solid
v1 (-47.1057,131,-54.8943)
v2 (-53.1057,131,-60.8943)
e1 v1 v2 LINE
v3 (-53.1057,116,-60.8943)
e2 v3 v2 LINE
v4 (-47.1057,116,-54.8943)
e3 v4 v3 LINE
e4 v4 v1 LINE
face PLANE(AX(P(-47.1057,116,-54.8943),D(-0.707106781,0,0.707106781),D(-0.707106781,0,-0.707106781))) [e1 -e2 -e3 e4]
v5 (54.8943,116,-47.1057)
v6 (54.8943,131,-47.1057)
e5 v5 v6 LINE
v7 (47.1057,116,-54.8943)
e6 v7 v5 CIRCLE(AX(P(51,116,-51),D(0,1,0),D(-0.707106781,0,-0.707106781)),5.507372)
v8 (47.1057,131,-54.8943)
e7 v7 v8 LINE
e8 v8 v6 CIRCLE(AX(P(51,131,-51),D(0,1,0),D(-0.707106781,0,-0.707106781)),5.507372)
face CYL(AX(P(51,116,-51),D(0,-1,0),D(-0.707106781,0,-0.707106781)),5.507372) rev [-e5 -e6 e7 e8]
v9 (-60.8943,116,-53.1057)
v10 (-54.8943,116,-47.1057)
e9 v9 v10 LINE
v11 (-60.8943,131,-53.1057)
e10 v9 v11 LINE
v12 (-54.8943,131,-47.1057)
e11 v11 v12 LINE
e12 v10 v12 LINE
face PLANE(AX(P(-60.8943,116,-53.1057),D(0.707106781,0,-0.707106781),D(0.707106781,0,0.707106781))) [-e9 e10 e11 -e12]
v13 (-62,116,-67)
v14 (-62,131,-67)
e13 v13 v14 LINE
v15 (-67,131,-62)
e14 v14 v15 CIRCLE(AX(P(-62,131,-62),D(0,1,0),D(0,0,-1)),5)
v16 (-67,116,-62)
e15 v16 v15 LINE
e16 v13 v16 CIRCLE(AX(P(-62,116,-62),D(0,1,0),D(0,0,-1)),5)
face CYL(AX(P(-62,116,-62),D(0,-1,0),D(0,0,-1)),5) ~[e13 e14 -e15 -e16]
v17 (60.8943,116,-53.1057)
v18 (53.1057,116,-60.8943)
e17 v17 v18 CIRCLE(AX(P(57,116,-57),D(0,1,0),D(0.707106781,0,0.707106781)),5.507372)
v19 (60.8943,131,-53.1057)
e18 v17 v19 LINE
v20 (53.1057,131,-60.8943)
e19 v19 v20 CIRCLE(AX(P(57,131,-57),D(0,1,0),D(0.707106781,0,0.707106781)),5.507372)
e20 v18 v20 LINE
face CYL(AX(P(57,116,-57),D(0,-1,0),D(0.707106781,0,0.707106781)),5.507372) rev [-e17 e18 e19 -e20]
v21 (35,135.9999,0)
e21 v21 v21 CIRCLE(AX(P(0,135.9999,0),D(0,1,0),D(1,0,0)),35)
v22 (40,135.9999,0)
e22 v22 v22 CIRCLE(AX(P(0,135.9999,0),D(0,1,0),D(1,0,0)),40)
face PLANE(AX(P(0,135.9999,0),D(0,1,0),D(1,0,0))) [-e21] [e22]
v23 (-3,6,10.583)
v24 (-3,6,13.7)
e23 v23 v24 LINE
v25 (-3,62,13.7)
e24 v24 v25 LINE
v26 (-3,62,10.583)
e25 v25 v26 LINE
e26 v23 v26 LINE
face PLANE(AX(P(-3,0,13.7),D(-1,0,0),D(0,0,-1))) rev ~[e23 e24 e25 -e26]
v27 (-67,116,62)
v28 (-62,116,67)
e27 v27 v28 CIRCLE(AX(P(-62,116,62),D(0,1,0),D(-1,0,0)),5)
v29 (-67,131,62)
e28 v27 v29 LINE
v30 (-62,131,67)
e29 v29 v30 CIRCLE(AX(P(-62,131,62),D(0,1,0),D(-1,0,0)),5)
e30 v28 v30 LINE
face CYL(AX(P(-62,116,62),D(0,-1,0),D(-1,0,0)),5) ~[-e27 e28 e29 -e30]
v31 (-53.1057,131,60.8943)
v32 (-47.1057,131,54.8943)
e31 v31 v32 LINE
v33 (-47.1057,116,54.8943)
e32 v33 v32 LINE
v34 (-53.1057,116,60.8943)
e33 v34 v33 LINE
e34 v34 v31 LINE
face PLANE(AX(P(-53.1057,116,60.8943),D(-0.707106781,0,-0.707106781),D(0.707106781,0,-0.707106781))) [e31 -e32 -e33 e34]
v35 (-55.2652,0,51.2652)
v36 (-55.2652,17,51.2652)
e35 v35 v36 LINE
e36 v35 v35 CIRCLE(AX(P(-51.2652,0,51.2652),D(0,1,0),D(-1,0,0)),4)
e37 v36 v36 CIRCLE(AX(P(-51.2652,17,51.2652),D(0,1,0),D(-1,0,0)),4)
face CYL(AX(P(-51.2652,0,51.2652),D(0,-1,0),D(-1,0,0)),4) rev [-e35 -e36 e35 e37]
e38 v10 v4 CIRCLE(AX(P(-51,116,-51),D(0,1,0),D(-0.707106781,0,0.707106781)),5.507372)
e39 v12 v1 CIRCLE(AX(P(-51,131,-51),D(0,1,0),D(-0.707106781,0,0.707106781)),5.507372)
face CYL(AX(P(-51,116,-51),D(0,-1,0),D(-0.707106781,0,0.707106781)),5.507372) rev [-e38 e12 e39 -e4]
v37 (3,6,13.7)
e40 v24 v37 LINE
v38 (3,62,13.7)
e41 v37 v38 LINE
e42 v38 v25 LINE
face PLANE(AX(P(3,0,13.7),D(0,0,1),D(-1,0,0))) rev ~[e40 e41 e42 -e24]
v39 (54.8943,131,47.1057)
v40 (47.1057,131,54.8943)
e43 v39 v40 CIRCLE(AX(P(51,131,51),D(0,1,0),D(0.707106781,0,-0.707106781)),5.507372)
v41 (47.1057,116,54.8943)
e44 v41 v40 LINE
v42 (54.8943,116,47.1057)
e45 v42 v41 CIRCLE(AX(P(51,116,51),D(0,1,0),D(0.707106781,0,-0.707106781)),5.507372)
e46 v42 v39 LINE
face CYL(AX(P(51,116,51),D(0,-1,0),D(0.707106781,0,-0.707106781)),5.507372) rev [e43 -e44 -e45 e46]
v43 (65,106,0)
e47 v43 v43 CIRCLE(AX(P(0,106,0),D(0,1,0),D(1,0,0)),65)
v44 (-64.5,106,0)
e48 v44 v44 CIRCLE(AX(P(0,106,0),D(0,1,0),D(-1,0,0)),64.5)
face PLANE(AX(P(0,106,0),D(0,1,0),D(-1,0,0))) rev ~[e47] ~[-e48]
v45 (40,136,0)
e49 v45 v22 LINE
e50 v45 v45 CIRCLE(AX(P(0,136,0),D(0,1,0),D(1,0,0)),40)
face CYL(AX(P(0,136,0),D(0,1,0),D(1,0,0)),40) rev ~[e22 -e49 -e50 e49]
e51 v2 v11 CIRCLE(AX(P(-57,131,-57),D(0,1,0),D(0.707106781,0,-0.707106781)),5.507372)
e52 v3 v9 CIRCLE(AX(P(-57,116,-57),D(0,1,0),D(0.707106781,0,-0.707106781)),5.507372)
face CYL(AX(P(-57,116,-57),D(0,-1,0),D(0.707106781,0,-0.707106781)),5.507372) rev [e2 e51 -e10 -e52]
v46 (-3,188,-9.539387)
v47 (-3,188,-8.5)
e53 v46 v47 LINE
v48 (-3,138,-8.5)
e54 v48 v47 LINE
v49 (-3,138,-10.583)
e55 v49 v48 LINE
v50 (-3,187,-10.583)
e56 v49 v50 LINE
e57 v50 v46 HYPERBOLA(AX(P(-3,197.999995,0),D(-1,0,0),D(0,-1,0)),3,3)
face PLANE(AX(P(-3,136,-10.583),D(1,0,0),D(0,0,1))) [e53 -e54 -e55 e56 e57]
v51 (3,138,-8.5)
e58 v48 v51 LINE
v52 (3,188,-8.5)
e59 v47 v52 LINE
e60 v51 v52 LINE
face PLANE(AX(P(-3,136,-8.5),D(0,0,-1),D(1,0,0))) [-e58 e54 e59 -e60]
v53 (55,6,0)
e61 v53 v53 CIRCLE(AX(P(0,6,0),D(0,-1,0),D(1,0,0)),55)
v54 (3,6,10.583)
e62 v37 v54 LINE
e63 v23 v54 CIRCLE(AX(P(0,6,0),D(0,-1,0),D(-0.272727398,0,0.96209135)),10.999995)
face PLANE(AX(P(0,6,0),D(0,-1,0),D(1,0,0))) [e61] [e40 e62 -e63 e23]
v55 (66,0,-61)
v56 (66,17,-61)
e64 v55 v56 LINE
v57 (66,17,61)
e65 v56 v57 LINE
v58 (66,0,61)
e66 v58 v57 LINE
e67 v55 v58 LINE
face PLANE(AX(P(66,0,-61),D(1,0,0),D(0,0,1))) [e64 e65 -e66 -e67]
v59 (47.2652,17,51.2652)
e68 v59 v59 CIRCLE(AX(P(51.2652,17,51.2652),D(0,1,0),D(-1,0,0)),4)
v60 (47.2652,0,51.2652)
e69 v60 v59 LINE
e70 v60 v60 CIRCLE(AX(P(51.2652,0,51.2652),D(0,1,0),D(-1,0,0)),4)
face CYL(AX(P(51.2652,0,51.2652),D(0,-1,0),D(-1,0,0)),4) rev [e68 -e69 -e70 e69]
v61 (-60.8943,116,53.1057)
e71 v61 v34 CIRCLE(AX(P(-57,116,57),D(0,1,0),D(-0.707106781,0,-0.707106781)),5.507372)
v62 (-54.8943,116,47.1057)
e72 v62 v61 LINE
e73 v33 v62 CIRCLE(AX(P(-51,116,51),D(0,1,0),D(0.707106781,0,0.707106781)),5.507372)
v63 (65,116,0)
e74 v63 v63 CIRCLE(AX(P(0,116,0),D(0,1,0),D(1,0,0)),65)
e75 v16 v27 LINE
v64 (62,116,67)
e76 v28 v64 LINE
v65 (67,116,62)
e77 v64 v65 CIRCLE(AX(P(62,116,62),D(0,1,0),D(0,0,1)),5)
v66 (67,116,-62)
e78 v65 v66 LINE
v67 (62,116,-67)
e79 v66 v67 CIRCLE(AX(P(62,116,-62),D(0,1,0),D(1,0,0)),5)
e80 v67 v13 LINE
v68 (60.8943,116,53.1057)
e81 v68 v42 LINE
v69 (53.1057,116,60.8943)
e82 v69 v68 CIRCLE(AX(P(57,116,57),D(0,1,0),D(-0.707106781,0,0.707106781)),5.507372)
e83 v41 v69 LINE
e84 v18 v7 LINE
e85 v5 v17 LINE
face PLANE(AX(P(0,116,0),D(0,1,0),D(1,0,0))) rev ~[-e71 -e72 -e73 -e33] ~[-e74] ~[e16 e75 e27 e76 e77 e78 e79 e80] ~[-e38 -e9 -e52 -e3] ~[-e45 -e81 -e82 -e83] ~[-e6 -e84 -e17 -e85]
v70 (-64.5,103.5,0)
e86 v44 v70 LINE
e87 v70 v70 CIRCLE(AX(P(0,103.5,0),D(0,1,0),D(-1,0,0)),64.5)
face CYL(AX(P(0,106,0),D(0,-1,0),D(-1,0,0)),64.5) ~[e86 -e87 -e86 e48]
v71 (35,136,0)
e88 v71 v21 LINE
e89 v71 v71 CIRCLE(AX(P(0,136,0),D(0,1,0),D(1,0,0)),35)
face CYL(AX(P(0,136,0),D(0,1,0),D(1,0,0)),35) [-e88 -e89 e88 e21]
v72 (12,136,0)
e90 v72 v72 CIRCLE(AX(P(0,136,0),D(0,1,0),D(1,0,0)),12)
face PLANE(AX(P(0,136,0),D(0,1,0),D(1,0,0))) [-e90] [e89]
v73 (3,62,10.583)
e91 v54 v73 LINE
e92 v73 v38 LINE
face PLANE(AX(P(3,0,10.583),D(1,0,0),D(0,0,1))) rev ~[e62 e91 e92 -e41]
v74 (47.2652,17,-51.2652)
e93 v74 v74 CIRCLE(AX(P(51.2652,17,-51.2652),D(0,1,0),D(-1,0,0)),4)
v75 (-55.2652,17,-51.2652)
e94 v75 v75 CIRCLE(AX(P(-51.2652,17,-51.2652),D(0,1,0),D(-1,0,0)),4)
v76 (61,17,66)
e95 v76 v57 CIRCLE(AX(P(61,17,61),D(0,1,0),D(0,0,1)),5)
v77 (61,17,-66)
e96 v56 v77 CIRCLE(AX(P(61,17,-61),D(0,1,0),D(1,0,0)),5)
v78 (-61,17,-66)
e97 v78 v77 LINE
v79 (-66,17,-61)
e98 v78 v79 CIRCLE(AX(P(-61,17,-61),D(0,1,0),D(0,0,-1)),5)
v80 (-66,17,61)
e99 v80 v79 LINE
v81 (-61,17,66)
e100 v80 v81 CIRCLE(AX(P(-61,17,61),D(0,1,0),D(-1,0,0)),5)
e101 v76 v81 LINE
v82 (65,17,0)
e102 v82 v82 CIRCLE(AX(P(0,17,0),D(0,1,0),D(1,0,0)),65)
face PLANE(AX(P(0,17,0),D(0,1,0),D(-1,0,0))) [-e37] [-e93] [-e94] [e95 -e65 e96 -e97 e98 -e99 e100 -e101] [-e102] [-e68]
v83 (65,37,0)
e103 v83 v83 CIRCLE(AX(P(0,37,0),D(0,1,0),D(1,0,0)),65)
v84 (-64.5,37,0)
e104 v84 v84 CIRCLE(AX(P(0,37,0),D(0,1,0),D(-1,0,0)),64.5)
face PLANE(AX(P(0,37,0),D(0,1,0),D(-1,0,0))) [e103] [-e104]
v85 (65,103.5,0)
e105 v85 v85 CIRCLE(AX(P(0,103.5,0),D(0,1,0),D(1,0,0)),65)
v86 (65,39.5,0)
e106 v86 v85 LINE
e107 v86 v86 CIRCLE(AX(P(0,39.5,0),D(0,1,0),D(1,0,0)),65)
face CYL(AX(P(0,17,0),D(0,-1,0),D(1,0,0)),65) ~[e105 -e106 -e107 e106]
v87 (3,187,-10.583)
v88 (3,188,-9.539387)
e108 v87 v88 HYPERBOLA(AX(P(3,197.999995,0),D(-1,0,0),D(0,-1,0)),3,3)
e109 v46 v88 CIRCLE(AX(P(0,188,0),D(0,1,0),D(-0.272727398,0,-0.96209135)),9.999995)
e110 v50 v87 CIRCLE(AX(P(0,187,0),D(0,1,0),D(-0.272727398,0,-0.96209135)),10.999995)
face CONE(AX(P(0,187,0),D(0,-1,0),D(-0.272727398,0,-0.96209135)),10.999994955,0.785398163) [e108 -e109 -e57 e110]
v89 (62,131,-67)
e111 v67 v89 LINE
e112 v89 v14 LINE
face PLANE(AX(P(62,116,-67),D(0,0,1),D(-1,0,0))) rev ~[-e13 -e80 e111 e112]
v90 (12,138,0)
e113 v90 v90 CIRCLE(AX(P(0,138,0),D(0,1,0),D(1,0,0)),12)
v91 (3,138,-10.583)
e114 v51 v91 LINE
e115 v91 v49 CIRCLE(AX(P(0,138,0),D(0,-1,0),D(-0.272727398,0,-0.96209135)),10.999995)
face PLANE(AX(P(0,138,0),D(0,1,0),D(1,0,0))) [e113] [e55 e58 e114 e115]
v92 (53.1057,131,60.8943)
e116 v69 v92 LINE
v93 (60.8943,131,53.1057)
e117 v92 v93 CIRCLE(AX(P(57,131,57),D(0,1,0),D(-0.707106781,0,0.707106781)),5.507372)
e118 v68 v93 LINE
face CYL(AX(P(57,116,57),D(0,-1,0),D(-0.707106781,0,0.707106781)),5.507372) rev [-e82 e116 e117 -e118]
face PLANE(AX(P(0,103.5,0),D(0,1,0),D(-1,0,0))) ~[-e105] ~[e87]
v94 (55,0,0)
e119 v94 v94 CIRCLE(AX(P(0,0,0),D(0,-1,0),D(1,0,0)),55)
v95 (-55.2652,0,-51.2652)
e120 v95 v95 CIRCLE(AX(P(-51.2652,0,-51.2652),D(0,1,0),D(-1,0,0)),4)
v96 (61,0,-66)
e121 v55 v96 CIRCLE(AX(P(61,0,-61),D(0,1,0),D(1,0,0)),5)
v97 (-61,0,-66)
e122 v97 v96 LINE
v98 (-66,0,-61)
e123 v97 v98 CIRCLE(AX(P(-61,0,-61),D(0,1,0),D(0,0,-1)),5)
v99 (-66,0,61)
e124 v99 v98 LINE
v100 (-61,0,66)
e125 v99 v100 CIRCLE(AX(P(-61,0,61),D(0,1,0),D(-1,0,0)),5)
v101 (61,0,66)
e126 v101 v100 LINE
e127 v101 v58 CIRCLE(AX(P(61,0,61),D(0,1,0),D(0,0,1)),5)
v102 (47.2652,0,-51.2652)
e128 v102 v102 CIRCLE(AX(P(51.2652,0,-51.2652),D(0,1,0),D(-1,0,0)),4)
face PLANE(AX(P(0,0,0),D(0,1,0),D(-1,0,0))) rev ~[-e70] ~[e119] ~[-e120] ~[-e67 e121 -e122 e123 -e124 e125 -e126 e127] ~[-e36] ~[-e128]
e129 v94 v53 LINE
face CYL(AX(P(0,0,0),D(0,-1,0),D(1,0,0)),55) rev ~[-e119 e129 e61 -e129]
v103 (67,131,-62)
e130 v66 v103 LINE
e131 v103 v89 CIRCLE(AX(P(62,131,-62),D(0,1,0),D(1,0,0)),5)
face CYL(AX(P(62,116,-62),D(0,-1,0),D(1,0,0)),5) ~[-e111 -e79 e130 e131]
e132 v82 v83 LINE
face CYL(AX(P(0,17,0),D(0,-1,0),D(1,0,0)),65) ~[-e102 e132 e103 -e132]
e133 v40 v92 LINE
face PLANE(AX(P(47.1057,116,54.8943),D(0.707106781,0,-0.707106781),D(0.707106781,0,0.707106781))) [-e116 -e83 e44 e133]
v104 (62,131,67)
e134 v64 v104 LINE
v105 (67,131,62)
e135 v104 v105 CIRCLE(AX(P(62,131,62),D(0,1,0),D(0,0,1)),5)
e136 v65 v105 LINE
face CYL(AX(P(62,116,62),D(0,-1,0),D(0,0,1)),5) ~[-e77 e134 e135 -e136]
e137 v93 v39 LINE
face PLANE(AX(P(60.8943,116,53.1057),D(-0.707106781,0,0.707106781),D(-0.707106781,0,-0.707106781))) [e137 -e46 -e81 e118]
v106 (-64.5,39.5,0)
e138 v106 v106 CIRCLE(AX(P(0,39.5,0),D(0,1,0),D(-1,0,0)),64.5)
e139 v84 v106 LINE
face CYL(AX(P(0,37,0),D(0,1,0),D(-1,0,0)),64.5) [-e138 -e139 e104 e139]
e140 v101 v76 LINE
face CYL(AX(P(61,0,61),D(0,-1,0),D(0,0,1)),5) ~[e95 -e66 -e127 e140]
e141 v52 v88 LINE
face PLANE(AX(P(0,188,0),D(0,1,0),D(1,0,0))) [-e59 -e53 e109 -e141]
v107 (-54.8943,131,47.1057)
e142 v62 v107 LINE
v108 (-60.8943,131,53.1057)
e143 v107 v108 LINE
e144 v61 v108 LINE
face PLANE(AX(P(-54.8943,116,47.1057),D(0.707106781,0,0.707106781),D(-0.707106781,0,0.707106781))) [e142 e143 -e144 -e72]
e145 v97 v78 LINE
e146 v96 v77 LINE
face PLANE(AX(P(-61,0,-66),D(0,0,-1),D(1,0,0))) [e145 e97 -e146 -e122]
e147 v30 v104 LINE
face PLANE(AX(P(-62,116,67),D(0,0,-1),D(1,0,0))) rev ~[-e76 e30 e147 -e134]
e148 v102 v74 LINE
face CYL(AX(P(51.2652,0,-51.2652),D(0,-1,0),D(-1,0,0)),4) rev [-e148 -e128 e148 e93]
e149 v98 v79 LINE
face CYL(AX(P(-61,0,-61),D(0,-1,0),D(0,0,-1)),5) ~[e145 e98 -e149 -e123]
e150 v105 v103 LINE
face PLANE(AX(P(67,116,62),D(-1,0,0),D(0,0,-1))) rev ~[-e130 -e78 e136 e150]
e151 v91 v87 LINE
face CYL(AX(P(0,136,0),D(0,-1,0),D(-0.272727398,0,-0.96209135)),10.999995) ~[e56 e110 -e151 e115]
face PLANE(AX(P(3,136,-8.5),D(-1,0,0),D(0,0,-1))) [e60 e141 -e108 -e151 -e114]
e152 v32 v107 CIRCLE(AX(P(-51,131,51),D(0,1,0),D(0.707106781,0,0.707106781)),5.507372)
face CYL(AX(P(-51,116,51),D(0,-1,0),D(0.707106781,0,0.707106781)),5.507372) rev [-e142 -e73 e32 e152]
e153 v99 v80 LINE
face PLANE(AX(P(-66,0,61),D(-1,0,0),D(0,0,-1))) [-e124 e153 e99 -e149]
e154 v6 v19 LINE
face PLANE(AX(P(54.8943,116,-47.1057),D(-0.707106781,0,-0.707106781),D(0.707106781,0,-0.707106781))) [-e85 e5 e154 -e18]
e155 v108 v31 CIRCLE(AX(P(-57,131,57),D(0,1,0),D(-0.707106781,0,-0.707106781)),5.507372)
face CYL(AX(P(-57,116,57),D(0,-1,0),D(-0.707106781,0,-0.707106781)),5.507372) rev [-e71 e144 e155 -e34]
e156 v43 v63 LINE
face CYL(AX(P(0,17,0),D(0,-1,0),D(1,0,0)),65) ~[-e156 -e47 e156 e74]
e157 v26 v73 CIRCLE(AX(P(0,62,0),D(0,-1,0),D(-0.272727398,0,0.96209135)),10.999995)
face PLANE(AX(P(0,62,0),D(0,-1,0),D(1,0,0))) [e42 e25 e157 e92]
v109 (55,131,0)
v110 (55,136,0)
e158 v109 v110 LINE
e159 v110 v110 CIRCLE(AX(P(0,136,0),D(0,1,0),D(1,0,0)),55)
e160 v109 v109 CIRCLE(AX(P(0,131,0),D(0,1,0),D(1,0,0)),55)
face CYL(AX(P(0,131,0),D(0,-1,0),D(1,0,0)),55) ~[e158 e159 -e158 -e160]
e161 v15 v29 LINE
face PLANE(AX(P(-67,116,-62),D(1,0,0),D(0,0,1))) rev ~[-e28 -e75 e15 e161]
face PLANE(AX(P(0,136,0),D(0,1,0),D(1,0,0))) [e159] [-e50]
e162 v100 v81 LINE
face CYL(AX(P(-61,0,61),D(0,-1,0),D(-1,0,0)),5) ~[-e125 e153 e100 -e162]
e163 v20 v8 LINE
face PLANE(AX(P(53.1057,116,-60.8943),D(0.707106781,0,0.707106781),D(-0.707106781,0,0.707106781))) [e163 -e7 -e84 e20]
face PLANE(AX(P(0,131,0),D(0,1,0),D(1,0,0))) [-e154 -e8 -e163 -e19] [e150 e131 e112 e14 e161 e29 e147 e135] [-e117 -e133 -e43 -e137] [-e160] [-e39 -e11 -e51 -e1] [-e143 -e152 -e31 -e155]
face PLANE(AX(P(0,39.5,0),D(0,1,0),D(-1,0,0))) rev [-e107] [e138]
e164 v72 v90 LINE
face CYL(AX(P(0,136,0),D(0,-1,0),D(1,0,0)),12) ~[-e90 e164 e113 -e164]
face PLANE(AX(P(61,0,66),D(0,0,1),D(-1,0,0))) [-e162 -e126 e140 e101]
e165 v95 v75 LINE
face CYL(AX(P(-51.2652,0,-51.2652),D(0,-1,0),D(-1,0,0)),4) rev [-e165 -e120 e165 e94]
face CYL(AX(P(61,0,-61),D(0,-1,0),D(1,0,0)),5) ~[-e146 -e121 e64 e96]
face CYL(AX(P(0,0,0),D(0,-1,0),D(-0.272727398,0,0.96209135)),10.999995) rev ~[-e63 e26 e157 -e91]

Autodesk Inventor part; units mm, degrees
ref_plane "YZ Plane" through (0, 0, 0) normal (1, 0, 0) x (0, 1, 0)
ref_plane "XZ Plane" through (0, 0, 0) normal (0, 1, 0) x (-1, 0, 0)
ref_plane "XY Plane" through (0, 0, 0) normal (0, 0, 1) x (1, 0, 0)
sketch "Sketch1" plane through (0, 0, 0) normal (0, 1, 0) x (-1, 0, 0)
  line L0 (-61, 66) -> (61, 66)
  line L1 (66, 61) -> (66, -61)
  line L2 (61, -66) -> (-61, -66)
  line L3 (-66, -61) -> (-66, 61)
  line L4 (-66, 66) -> (66, -66) construction
  line L5 (66, 66) -> (-66, -66) construction
  circle A0 centre (0, 0) radius 72.5 construction
  circle A1 centre (51.2652, 51.2652) radius 4
  circle A2 centre (51.2652, -51.2652) radius 4
  line L6 (0, 66) -> (0, 0) construction
  circle A3 centre (-51.2652, 51.2652) radius 4
  circle A4 centre (-51.2652, -51.2652) radius 4
  arc A5 (61, -66) -> (66, -61) centre (61, -61) ccw
  arc A6 (-66, -61) -> (-61, -66) centre (-61, -61) ccw
  line L7 (0, 0) -> (66, 0) construction
  arc A7 (66, 61) -> (61, 66) centre (61, 61) ccw
  arc A8 (-61, 66) -> (-66, 61) centre (-61, 61) ccw
  dimension "d0" = 132
  dimension "d1" = 132
  dimension "d3" = 8
  dimension "d4" = 8
  dimension "d5" = 5
  dimension "d47" = 145
extrude "Extrusion1" add sketch "Sketch1" along normal blind 17
sketch "Sketch2" plane through (0, 17, 0) normal (0, 1, 0) x (1, 0, 0)
  circle A0 centre (0, 0) radius 65
  dimension "d8" = 130
extrude "Extrusion2" add sketch "Sketch2" along normal blind 99
sketch "Sketch3" plane through (0, 116, 0) normal (0, 1, 0) x (1, 0, 0)
  line L0 (62, 67) -> (-62, 67)
  line L1 (-67, 62) -> (-67, -62)
  line L2 (-62, -67) -> (62, -67)
  line L3 (67, -62) -> (67, 62)
  line L4 (-67, 67) -> (67, -67) construction
  arc A0 (-67, -62) -> (-62, -67) centre (-62, -62) ccw
  arc A1 (-62, 67) -> (-67, 62) centre (-62, 62) ccw
  arc A2 (67, 62) -> (62, 67) centre (62, 62) ccw
  arc A3 (62, -67) -> (67, -62) centre (62, -62) ccw
  line L5 (51, -51) -> (-51, -51) construction
  line L6 (-51, -51) -> (-51, 51) construction
  line L7 (-51, 51) -> (51, 51) construction
  line L8 (51, 51) -> (51, -51) construction
  line L9 (51, -51) -> (-51, 51) construction
  line L10 (-51, -51) -> (51, 51) construction
  line L11 (57, -57) -> (-57, -57) construction
  line L12 (-57, -57) -> (-57, 57) construction
  line L13 (-57, 57) -> (57, 57) construction
  line L14 (57, 57) -> (57, -57) construction
  line L15 (-57, -57) -> (-51, -51) construction
  line L16 (0, 0) -> (0, 51) construction
  line L17 (0, 0) -> (51, 0) construction
  line L18 (-54, -54) -> (-47.1057, -47.1057) construction
  line L19 (-51, -51) -> (-57, -57) construction
  line L20 (-54.8943, -47.1057) -> (-60.8943, -53.1057)
  line L21 (-53.1057, -60.8943) -> (-47.1057, -54.8943)
  arc A4 (-47.1057, -54.8943) -> (-54.8943, -47.1057) centre (-51, -51) ccw
  arc A5 (-60.8943, -53.1057) -> (-53.1057, -60.8943) centre (-57, -57) ccw
  line L22 (51, -51) -> (54, -54) construction
  line L23 (54, -54) -> (47.1057, -47.1057) construction
  line L24 (51, -51) -> (57, -57) construction
  line L25 (47.1057, -54.8943) -> (53.1057, -60.8943)
  line L26 (60.8943, -53.1057) -> (54.8943, -47.1057)
  arc A6 (54.8943, -47.1057) -> (47.1057, -54.8943) centre (51, -51) ccw
  arc A7 (53.1057, -60.8943) -> (60.8943, -53.1057) centre (57, -57) ccw
  line L27 (51, 51) -> (54, 54) construction
  line L28 (54, 54) -> (47.1057, 47.1057) construction
  line L29 (51, 51) -> (57, 57) construction
  line L30 (54.8943, 47.1057) -> (60.8943, 53.1057)
  line L31 (53.1057, 60.8943) -> (47.1057, 54.8943)
  arc A8 (47.1057, 54.8943) -> (54.8943, 47.1057) centre (51, 51) ccw
  arc A9 (60.8943, 53.1057) -> (53.1057, 60.8943) centre (57, 57) ccw
  line L32 (-51, 51) -> (-57, 57) construction
  line L33 (-51, 51) -> (-54, 54) construction
  line L34 (-54, 54) -> (-47.1057, 47.1057) construction
  line L35 (-51, 51) -> (-57, 57) construction
  line L36 (-47.1057, 54.8943) -> (-53.1057, 60.8943)
  line L37 (-60.8943, 53.1057) -> (-54.8943, 47.1057)
  arc A10 (-54.8943, 47.1057) -> (-47.1057, 54.8943) centre (-51, 51) ccw
  arc A11 (-53.1057, 60.8943) -> (-60.8943, 53.1057) centre (-57, 57) ccw
  point P0 (-67, 0)
  point P1 (0, 67)
  point P2 (-60.8943, -60.8943)
  dimension "d22" = 5
  dimension "d48" = 102
  dimension "d49" = 102
  dimension "d50" = 114
  dimension "d51" = 114
  dimension "d53" = 9.75
  dimension "d76" = 9.75
  dimension "d77" = 9.75
  dimension "d78" = 9.75
  dimension "d79" = 11.0147
  dimension "d80" = 19.5
extrude "Extrusion3" add sketch "Sketch3" along normal blind 15
sketch "Sketch4" plane through (0, 131, 0) normal (0, 1, 0) x (1, 0, 0)
  circle A0 centre (0, 0) radius 55
  dimension "d19" = 110
extrude "Extrusion4" add sketch "Sketch4" along normal blind 5
sketch "Sketch5" plane through (0, 136, 0) normal (0, 1, 0) x (1, 0, 0)
  arc A0 (-3, 10.583) -> (3, 10.583) centre (0, 0) ccw
  line L0 (0, -11) -> (0, 13.5) construction
  line L1 (-3, 8.5) -> (3, 8.5)
  line L2 (3, 8.5) -> (3, 10.583)
  line L3 (-3, 10.583) -> (-3, 8.5)
  line L4 (-3, 8.5) -> (3, 13.5) construction
  line L5 (3, 8.5) -> (-3, 13.5) construction
  dimension "d54" = 22
extrude "Extrusion5" add sketch "Sketch5" along normal blind 52
sketch "Sketch7" plane through (0, 0, 0) normal (0, 0, 1) x (1, 0, 0)
  line L0 (-65, 106) -> (-65, 103.5)
  line L1 (-65, 106) -> (-64.5, 106)
  line L2 (-64.5, 106) -> (-64.5, 103.5)
  line L3 (-64.5, 103.5) -> (-65, 103.5)
  line L4 (-65, 17) -> (-65, 37) construction
  line L5 (-65, 37) -> (-64.5, 37)
  line L6 (-64.5, 37) -> (-64.5, 39.5)
  line L7 (-64.5, 39.5) -> (-65, 39.5)
  line L8 (-65, 39.5) -> (-65, 37)
  line L9 (0, -27.2) -> (0, 163.2) projected
  line L10 (-65, 121) -> (-65, 106) construction
  point P0 (0, 0)
  dimension "d35" = 2.5
  dimension "d36" = 0.5
  dimension "d37" = 20
  dimension "d38" = 0.5
  dimension "d39" = 2.5
  dimension "d41" = 15
revolve "Revolution1" cut sketch "Sketch7" angle 360 about axis through (0, -10, 0) along (0, 1, 0)
sketch "Sketch8" plane through (0, 0, 0) normal (0, -1, 0) x (1, 0, 0)
  arc A0 (-3, 10.583) -> (3, 10.583) centre (0, 0) ccw
  line L0 (0, -11) -> (0, 13.7) construction
  line L1 (3, 10.583) -> (3, 13.7)
  line L2 (3, 13.7) -> (-3, 13.7)
  line L3 (-3, 13.7) -> (-3, 10.583)
  line L4 (-3, 8.3) -> (3, 13.7) construction
  line L5 (3, 8.3) -> (-3, 13.7) construction
  dimension "d72" = 22
  dimension "d73" = 24.7
  dimension "d74" = 6
extrude "Extrusion7" cut sketch "Sketch8" against normal blind 62
sketch "Sketch11" plane through (0, 136, 0) normal (0, 1, 0) x (1, 0, 0)
  circle A0 centre (0, 0) radius 12
  dimension "d60" = 24
extrude "Extrusion9" add sketch "Sketch11" along normal blind 2
chamfer "Chamfer1" distance 1 angle 45 1 edges at (0, 188, 11)
sketch "Sketch12" plane through (0, 136, 0) normal (0, 1, 0) x (1, 0, 0)
  circle A0 centre (0, 0) radius 35
  circle A1 centre (0, 0) radius 40
  dimension "d66" = 70
extrude "Extrusion10" cut sketch "Sketch12" against normal blind 0.0001
sketch "Sketch13" plane through (0, 0, 0) normal (0, -1, 0) x (1, 0, 0)
  circle A0 centre (0, 0) radius 55
  dimension "d69" = 110
extrude "Extrusion11" cut sketch "Sketch13" against normal blind 6
properties part number "PX130-GEARBOX"
